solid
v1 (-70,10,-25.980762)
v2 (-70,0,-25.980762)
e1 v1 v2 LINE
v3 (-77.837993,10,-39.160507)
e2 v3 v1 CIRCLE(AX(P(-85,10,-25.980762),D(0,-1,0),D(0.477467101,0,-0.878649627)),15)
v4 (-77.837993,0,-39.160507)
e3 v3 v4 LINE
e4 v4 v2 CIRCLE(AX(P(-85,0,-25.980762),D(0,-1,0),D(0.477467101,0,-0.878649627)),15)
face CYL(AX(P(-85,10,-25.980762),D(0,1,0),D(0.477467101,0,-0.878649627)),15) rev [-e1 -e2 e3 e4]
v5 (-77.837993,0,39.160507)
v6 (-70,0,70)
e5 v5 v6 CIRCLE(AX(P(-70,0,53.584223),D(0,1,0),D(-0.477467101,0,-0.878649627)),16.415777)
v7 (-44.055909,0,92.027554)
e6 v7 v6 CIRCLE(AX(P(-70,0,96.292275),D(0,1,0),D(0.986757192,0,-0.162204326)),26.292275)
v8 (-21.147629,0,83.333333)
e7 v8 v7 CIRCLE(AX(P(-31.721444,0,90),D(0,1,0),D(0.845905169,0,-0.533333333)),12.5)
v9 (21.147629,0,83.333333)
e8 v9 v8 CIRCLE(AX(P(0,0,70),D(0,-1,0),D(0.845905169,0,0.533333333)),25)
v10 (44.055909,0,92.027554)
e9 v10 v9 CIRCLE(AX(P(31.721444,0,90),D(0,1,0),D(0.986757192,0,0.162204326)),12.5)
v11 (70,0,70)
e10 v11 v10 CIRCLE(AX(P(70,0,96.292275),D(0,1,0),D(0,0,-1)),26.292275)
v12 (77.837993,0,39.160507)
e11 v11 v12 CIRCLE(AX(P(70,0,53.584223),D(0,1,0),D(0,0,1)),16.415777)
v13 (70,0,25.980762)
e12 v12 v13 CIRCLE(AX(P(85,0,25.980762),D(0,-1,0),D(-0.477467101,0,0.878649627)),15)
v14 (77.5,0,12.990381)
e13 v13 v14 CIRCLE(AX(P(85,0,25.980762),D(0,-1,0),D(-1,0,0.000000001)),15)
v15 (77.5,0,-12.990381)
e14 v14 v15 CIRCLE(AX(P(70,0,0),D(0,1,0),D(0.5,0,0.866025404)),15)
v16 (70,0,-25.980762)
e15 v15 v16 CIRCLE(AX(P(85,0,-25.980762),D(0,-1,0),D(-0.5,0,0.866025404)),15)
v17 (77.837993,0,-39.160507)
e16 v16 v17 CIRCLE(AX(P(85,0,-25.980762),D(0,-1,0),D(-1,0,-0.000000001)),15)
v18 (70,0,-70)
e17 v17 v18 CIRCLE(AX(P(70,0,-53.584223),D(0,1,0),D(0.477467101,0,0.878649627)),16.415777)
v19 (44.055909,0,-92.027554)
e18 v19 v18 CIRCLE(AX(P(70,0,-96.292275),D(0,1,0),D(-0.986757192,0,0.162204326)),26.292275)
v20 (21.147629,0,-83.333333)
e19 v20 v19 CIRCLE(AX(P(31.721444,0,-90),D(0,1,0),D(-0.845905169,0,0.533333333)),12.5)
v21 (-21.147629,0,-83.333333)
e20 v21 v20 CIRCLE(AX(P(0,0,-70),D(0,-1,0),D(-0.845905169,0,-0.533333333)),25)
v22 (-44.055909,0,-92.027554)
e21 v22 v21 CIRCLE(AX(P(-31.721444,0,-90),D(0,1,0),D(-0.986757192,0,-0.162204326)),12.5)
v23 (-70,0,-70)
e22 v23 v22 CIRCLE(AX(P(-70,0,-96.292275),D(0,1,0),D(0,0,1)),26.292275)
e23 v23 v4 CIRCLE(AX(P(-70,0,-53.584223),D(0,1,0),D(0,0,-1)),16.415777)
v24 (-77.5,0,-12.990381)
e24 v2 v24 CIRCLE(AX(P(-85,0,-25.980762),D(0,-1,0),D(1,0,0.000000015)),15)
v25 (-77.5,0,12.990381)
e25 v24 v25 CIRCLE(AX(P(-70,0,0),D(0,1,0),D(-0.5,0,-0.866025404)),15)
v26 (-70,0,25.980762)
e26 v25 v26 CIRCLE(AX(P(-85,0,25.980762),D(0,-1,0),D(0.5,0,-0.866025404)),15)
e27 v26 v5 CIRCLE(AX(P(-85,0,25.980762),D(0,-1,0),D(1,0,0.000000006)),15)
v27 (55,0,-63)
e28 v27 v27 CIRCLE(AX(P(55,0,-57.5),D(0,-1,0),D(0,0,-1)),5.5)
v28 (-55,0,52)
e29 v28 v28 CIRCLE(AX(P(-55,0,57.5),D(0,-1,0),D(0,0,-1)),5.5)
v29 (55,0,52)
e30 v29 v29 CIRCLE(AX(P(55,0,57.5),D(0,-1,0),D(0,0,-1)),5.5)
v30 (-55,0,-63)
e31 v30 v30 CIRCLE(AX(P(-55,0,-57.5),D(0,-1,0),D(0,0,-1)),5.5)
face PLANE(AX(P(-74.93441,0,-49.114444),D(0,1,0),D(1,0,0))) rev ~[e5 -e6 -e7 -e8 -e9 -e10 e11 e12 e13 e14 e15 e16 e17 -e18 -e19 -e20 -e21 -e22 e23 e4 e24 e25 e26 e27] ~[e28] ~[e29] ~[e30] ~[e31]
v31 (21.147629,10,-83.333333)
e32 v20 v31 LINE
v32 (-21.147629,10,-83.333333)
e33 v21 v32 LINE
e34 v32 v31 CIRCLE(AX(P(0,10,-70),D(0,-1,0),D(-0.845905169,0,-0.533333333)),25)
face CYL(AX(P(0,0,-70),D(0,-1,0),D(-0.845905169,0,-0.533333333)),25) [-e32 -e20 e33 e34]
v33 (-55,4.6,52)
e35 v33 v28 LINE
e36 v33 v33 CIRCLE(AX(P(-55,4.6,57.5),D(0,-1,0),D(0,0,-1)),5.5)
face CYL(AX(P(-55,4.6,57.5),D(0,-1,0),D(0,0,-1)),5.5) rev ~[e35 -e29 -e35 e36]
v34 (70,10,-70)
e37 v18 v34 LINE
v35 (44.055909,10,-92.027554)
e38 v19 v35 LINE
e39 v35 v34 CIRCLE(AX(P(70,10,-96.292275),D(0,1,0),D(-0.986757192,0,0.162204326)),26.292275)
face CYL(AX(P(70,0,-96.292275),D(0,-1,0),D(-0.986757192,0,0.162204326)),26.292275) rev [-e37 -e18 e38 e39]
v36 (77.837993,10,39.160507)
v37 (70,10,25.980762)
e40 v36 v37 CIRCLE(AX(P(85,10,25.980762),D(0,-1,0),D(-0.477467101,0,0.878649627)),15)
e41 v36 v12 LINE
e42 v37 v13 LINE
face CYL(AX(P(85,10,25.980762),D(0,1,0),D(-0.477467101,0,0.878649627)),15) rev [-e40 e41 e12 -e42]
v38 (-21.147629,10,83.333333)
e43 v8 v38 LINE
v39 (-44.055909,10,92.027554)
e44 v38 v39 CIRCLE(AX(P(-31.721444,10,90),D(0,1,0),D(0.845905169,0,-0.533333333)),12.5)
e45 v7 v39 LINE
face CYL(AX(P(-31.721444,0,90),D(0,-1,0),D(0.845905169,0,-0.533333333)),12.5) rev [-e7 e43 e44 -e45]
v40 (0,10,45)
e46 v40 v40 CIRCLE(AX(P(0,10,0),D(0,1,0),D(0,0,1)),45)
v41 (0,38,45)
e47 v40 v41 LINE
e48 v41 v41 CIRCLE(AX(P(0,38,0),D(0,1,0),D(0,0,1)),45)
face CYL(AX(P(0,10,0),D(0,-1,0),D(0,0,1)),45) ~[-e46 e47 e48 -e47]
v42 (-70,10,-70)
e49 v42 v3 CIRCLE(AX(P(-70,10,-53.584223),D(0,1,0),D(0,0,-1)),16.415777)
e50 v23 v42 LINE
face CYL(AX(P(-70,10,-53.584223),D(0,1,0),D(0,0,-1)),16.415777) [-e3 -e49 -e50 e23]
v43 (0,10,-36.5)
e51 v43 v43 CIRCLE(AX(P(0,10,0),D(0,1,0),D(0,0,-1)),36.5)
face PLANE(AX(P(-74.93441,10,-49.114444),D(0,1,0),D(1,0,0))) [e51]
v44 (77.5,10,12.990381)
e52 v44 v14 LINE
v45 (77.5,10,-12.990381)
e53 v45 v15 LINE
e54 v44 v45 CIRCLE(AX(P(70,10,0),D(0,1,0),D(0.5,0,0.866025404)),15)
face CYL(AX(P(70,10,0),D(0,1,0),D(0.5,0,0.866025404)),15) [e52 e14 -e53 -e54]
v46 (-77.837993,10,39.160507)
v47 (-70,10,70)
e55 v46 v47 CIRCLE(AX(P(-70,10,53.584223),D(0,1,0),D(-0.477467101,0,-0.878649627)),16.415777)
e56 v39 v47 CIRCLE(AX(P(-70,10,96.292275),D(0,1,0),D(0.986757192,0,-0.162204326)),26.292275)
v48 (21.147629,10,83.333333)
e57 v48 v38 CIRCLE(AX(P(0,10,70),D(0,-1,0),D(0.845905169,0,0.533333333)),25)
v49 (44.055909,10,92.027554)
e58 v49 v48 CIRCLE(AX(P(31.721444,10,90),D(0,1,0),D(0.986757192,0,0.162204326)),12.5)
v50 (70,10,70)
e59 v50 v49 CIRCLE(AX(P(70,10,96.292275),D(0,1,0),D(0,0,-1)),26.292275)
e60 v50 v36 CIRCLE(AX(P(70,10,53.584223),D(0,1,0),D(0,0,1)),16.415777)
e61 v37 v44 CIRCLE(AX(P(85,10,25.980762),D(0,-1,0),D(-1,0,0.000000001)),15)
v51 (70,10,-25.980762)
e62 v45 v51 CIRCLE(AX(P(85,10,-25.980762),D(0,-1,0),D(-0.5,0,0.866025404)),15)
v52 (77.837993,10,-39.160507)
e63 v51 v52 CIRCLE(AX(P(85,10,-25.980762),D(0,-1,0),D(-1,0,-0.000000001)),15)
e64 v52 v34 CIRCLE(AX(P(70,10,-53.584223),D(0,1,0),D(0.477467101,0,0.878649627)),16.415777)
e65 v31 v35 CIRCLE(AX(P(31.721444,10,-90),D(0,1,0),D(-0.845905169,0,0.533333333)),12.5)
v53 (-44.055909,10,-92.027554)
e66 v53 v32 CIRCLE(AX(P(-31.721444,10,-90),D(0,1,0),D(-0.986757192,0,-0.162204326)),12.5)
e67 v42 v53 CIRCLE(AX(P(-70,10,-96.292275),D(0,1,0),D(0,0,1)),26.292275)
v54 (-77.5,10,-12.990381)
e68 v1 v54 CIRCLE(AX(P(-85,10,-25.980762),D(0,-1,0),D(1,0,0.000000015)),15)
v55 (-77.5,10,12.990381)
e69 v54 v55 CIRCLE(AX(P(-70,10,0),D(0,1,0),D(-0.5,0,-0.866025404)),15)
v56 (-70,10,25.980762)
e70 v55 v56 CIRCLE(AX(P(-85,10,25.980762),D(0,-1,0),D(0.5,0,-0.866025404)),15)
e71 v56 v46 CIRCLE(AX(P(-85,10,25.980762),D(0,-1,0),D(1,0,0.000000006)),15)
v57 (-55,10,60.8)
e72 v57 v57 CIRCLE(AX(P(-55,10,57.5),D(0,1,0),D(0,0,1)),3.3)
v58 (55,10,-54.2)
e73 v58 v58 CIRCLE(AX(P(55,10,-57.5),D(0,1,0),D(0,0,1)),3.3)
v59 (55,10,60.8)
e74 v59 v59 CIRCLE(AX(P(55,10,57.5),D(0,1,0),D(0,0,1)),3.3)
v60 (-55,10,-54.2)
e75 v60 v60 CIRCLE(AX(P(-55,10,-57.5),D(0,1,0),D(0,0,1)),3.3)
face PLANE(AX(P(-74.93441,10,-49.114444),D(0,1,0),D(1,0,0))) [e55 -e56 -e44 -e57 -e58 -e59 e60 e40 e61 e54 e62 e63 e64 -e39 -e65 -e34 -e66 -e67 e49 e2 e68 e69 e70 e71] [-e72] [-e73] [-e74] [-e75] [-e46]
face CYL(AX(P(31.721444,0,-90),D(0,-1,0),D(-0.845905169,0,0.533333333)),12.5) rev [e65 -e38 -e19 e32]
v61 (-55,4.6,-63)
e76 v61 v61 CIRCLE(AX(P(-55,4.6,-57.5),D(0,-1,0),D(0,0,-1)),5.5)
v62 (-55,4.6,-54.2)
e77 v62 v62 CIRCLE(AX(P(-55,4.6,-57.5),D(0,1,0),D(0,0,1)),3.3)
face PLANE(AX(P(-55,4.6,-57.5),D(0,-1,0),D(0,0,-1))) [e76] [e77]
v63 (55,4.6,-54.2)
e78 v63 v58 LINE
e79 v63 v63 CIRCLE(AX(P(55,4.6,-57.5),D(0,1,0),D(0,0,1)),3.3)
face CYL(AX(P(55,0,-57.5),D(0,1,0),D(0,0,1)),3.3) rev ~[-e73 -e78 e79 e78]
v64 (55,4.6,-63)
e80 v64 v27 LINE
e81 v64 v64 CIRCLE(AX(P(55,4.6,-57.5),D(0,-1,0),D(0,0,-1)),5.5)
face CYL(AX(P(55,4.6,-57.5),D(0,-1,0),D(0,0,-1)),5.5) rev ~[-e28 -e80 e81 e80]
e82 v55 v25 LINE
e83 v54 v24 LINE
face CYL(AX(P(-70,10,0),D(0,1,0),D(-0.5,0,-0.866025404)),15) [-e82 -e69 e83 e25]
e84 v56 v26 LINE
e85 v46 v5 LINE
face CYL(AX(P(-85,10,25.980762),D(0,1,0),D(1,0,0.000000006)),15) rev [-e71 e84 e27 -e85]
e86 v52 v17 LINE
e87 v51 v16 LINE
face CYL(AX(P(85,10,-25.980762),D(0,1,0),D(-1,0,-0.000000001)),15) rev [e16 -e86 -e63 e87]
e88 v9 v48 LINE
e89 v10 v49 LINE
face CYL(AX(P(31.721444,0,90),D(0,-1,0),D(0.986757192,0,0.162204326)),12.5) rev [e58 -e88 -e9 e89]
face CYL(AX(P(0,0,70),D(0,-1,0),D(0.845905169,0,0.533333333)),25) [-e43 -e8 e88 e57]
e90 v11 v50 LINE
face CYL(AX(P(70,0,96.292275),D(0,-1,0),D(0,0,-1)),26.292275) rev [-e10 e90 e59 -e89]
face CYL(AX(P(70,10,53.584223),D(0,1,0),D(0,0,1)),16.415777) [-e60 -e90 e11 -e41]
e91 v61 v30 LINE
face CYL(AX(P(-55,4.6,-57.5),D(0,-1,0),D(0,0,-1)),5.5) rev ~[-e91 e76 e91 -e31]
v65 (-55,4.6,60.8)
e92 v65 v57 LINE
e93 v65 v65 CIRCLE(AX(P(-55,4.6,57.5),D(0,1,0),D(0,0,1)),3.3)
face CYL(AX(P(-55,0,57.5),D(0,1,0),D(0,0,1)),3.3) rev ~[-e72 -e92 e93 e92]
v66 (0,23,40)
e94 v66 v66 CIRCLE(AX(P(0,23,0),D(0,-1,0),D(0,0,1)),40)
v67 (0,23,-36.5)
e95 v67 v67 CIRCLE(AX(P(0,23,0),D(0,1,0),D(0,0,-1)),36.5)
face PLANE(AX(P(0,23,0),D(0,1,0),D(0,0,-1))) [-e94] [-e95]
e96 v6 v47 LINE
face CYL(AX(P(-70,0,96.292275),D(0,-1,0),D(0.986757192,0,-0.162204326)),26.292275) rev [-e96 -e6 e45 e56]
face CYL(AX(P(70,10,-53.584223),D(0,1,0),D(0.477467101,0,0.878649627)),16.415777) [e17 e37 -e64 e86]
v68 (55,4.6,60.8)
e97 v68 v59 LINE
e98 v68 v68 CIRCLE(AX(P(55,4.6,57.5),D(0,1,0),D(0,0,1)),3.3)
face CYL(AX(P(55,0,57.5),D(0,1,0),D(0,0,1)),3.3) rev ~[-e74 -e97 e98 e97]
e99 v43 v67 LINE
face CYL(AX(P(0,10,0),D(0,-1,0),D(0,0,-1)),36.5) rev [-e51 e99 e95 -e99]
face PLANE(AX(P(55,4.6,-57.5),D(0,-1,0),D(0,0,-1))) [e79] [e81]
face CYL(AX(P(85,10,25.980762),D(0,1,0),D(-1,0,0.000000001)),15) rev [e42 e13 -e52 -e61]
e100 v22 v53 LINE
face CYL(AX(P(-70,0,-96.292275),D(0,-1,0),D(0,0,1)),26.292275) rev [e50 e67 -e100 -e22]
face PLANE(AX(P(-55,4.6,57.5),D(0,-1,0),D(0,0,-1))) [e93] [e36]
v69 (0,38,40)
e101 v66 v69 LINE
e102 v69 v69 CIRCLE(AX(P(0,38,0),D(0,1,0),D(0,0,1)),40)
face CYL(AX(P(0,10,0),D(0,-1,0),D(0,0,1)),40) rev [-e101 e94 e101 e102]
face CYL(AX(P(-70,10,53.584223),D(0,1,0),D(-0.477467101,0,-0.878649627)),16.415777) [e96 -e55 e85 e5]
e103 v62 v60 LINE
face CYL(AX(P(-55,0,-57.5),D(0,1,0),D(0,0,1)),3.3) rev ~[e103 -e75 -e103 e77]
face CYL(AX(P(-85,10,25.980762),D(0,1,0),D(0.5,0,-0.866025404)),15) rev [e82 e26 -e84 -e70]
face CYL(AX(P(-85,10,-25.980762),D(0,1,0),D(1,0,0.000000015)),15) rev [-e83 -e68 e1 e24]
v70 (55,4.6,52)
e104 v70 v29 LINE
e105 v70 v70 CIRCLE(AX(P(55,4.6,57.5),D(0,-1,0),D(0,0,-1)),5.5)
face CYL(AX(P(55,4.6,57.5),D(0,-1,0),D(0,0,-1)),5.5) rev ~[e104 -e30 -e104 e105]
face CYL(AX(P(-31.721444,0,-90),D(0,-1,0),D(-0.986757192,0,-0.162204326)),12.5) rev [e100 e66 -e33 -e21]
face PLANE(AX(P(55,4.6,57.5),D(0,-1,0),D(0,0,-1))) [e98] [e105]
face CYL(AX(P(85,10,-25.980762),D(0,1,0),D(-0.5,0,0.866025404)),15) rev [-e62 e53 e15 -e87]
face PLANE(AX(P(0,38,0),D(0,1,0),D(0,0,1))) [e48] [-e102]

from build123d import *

# Parameters (mm, degrees)
SALIENTE_EXTRUIR1_DEPTH                              = 10
SALIENTE_EXTRUIR2_DEPTH                              = 10
CROQUIS3_R                                           = 40
CROQUIS3_R_2                                         = 36.5
SALIENTE_EXTRUIR3_DEPTH                              = 13
CROQUIS4_R                                           = 45
CROQUIS4_R_2                                         = 40
SALIENTE_EXTRUIR4_DEPTH                              = 28
REFRENTADO_PARA_TORNILLO_CON_CABEZA_HUEC_D           = 6.6
REFRENTADO_PARA_TORNILLO_CON_CABEZA_HUEC_CBORE_D     = 11
REFRENTADO_PARA_TORNILLO_CON_CABEZA_HUEC_CBORE_DEPTH = 4.6


with BuildPart() as part:
    # Croquis1 → Saliente-Extruir1 (new body)
    with BuildSketch(Plane(origin=(0, 0, 0), x_dir=(1, 0, 0), z_dir=(0, 1, 0))):
        with BuildLine():
            Line((-70, -70), (-70, 70))
            ThreePointArc((-70, 70), (-52.983030462, 76.249658661), (-44.055908755, 92.027554074))
            ThreePointArc((-44.055908755, 92.027554074), (-36.156795126, 78.313355526), (-21.147629234, 83.333333333))
            ThreePointArc((-21.147629234, 83.333333333), (0, 95), (21.147629234, 83.333333333))
            ThreePointArc((21.147629234, 83.333333333), (36.156795126, 78.313355526), (44.055908755, 92.027554074))
            ThreePointArc((44.055908755, 92.027554074), (52.983030462, 76.249658661), (70, 70))
            Line((70, 70), (70, -70))
            ThreePointArc((70, -70), (52.983030462, -76.249658661), (44.055908755, -92.027554074))
            ThreePointArc((44.055908755, -92.027554074), (36.156795126, -78.313355526), (21.147629234, -83.333333333))
            ThreePointArc((21.147629234, -83.333333333), (0, -95), (-21.147629234, -83.333333333))
            ThreePointArc((-21.147629234, -83.333333333), (-36.156795126, -78.313355526), (-44.055908755, -92.027554074))
            ThreePointArc((-44.055908755, -92.027554074), (-52.983030462, -76.249658661), (-70, -70))
        make_face()
    extrude(amount=SALIENTE_EXTRUIR1_DEPTH)

    # Croquis2 → Saliente-Extruir2 (add)
    with BuildSketch(Plane(origin=(0, 10, 0), x_dir=(1, 0, 0), z_dir=(0, 1, 0))):
        with BuildLine():
            Line((-70, 25.98076189), (-70, 70))
            ThreePointArc((-70, 70), (-85.909969357, 57.627811916), (-77.837993487, 39.160506523))
            ThreePointArc((-77.837993487, 39.160506523), (-72.107558403, 33.647896498), (-70, 25.98076189))
        make_face()
        with BuildLine():
            ThreePointArc((77.837993487, 39.160506523), (85.909969357, 57.627811916), (70, 70))
            Line((70, 70), (70, 25.98076213))
            ThreePointArc((70, 25.98076213), (72.107558465, 33.647896602), (77.837993487, 39.160506523))
        make_face()
        with BuildLine():
            ThreePointArc((77.5, 12.990381057), (72.009618939, 18.480762121), (70, 25.98076213))
            Line((70, 25.98076213), (70, -25.98076213))
            ThreePointArc((70, -25.98076213), (72.009618939, -18.480762121), (77.5, -12.990381057))
            ThreePointArc((77.5, -12.990381057), (85, 0), (77.5, 12.990381057))
        make_face()
        with BuildLine():
            Line((-70, -25.980762199), (-70, 25.98076189))
            ThreePointArc((-70, 25.98076189), (-72.009618999, 18.480762017), (-77.5, 12.990381057))
            ThreePointArc((-77.5, 12.990381057), (-85, 0), (-77.5, -12.990381057))
            ThreePointArc((-77.5, -12.990381057), (-72.009618922, -18.480762151), (-70, -25.980762199))
        make_face()
        with BuildLine():
            Line((-70, -70), (-70, -25.980762199))
            ThreePointArc((-70, -25.980762199), (-72.107558482, -33.647896631), (-77.837993487, -39.160506523))
            ThreePointArc((-77.837993487, -39.160506523), (-85.909969357, -57.627811916), (-70, -70))
        make_face()
        with BuildLine():
            ThreePointArc((77.837993487, -39.160506523), (72.107558465, -33.647896602), (70, -25.98076213))
            Line((70, -25.98076213), (70, -70))
            ThreePointArc((70, -70), (85.909969357, -57.627811916), (77.837993487, -39.160506523))
        make_face()
    extrude(amount=-SALIENTE_EXTRUIR2_DEPTH)

    # Croquis3 → Saliente-Extruir3 (add)
    with BuildSketch(Plane(origin=(0, 10, 0), x_dir=(1, 0, 0), z_dir=(0, 1, 0))):
        with Locations(Location((0, 0, 0), (0, 0, 90))):
            Circle(CROQUIS3_R)
        with Locations(Location((0, 0, 0), (0, 0, 90))):
            Circle(CROQUIS3_R_2, mode=Mode.SUBTRACT)
    extrude(amount=SALIENTE_EXTRUIR3_DEPTH)

    # Croquis4 → Saliente-Extruir4 (add)
    with BuildSketch(Plane(origin=(0, 10, 0), x_dir=(1, 0, 0), z_dir=(0, 1, 0))):
        with Locations(Location((0, 0, 0), (0, 0, 270))):
            Circle(CROQUIS4_R)
        with Locations(Location((0, 0, 0), (0, 0, 270))):
            Circle(CROQUIS4_R_2, mode=Mode.SUBTRACT)
    extrude(amount=SALIENTE_EXTRUIR4_DEPTH)

    # Refrentado para tornillo con cabeza hueca hexagonal de M61 (through all)
    with Locations(Plane(origin=(-55, 0, 57.5), x_dir=(0, 0, -1), z_dir=(0, -1, 0))):
        with Locations((0, 0), (0, 110), (115, 110), (115, 0)):
            CounterBoreHole(REFRENTADO_PARA_TORNILLO_CON_CABEZA_HUEC_D / 2, REFRENTADO_PARA_TORNILLO_CON_CABEZA_HUEC_CBORE_D / 2, REFRENTADO_PARA_TORNILLO_CON_CABEZA_HUEC_CBORE_DEPTH)


solid = part.part
